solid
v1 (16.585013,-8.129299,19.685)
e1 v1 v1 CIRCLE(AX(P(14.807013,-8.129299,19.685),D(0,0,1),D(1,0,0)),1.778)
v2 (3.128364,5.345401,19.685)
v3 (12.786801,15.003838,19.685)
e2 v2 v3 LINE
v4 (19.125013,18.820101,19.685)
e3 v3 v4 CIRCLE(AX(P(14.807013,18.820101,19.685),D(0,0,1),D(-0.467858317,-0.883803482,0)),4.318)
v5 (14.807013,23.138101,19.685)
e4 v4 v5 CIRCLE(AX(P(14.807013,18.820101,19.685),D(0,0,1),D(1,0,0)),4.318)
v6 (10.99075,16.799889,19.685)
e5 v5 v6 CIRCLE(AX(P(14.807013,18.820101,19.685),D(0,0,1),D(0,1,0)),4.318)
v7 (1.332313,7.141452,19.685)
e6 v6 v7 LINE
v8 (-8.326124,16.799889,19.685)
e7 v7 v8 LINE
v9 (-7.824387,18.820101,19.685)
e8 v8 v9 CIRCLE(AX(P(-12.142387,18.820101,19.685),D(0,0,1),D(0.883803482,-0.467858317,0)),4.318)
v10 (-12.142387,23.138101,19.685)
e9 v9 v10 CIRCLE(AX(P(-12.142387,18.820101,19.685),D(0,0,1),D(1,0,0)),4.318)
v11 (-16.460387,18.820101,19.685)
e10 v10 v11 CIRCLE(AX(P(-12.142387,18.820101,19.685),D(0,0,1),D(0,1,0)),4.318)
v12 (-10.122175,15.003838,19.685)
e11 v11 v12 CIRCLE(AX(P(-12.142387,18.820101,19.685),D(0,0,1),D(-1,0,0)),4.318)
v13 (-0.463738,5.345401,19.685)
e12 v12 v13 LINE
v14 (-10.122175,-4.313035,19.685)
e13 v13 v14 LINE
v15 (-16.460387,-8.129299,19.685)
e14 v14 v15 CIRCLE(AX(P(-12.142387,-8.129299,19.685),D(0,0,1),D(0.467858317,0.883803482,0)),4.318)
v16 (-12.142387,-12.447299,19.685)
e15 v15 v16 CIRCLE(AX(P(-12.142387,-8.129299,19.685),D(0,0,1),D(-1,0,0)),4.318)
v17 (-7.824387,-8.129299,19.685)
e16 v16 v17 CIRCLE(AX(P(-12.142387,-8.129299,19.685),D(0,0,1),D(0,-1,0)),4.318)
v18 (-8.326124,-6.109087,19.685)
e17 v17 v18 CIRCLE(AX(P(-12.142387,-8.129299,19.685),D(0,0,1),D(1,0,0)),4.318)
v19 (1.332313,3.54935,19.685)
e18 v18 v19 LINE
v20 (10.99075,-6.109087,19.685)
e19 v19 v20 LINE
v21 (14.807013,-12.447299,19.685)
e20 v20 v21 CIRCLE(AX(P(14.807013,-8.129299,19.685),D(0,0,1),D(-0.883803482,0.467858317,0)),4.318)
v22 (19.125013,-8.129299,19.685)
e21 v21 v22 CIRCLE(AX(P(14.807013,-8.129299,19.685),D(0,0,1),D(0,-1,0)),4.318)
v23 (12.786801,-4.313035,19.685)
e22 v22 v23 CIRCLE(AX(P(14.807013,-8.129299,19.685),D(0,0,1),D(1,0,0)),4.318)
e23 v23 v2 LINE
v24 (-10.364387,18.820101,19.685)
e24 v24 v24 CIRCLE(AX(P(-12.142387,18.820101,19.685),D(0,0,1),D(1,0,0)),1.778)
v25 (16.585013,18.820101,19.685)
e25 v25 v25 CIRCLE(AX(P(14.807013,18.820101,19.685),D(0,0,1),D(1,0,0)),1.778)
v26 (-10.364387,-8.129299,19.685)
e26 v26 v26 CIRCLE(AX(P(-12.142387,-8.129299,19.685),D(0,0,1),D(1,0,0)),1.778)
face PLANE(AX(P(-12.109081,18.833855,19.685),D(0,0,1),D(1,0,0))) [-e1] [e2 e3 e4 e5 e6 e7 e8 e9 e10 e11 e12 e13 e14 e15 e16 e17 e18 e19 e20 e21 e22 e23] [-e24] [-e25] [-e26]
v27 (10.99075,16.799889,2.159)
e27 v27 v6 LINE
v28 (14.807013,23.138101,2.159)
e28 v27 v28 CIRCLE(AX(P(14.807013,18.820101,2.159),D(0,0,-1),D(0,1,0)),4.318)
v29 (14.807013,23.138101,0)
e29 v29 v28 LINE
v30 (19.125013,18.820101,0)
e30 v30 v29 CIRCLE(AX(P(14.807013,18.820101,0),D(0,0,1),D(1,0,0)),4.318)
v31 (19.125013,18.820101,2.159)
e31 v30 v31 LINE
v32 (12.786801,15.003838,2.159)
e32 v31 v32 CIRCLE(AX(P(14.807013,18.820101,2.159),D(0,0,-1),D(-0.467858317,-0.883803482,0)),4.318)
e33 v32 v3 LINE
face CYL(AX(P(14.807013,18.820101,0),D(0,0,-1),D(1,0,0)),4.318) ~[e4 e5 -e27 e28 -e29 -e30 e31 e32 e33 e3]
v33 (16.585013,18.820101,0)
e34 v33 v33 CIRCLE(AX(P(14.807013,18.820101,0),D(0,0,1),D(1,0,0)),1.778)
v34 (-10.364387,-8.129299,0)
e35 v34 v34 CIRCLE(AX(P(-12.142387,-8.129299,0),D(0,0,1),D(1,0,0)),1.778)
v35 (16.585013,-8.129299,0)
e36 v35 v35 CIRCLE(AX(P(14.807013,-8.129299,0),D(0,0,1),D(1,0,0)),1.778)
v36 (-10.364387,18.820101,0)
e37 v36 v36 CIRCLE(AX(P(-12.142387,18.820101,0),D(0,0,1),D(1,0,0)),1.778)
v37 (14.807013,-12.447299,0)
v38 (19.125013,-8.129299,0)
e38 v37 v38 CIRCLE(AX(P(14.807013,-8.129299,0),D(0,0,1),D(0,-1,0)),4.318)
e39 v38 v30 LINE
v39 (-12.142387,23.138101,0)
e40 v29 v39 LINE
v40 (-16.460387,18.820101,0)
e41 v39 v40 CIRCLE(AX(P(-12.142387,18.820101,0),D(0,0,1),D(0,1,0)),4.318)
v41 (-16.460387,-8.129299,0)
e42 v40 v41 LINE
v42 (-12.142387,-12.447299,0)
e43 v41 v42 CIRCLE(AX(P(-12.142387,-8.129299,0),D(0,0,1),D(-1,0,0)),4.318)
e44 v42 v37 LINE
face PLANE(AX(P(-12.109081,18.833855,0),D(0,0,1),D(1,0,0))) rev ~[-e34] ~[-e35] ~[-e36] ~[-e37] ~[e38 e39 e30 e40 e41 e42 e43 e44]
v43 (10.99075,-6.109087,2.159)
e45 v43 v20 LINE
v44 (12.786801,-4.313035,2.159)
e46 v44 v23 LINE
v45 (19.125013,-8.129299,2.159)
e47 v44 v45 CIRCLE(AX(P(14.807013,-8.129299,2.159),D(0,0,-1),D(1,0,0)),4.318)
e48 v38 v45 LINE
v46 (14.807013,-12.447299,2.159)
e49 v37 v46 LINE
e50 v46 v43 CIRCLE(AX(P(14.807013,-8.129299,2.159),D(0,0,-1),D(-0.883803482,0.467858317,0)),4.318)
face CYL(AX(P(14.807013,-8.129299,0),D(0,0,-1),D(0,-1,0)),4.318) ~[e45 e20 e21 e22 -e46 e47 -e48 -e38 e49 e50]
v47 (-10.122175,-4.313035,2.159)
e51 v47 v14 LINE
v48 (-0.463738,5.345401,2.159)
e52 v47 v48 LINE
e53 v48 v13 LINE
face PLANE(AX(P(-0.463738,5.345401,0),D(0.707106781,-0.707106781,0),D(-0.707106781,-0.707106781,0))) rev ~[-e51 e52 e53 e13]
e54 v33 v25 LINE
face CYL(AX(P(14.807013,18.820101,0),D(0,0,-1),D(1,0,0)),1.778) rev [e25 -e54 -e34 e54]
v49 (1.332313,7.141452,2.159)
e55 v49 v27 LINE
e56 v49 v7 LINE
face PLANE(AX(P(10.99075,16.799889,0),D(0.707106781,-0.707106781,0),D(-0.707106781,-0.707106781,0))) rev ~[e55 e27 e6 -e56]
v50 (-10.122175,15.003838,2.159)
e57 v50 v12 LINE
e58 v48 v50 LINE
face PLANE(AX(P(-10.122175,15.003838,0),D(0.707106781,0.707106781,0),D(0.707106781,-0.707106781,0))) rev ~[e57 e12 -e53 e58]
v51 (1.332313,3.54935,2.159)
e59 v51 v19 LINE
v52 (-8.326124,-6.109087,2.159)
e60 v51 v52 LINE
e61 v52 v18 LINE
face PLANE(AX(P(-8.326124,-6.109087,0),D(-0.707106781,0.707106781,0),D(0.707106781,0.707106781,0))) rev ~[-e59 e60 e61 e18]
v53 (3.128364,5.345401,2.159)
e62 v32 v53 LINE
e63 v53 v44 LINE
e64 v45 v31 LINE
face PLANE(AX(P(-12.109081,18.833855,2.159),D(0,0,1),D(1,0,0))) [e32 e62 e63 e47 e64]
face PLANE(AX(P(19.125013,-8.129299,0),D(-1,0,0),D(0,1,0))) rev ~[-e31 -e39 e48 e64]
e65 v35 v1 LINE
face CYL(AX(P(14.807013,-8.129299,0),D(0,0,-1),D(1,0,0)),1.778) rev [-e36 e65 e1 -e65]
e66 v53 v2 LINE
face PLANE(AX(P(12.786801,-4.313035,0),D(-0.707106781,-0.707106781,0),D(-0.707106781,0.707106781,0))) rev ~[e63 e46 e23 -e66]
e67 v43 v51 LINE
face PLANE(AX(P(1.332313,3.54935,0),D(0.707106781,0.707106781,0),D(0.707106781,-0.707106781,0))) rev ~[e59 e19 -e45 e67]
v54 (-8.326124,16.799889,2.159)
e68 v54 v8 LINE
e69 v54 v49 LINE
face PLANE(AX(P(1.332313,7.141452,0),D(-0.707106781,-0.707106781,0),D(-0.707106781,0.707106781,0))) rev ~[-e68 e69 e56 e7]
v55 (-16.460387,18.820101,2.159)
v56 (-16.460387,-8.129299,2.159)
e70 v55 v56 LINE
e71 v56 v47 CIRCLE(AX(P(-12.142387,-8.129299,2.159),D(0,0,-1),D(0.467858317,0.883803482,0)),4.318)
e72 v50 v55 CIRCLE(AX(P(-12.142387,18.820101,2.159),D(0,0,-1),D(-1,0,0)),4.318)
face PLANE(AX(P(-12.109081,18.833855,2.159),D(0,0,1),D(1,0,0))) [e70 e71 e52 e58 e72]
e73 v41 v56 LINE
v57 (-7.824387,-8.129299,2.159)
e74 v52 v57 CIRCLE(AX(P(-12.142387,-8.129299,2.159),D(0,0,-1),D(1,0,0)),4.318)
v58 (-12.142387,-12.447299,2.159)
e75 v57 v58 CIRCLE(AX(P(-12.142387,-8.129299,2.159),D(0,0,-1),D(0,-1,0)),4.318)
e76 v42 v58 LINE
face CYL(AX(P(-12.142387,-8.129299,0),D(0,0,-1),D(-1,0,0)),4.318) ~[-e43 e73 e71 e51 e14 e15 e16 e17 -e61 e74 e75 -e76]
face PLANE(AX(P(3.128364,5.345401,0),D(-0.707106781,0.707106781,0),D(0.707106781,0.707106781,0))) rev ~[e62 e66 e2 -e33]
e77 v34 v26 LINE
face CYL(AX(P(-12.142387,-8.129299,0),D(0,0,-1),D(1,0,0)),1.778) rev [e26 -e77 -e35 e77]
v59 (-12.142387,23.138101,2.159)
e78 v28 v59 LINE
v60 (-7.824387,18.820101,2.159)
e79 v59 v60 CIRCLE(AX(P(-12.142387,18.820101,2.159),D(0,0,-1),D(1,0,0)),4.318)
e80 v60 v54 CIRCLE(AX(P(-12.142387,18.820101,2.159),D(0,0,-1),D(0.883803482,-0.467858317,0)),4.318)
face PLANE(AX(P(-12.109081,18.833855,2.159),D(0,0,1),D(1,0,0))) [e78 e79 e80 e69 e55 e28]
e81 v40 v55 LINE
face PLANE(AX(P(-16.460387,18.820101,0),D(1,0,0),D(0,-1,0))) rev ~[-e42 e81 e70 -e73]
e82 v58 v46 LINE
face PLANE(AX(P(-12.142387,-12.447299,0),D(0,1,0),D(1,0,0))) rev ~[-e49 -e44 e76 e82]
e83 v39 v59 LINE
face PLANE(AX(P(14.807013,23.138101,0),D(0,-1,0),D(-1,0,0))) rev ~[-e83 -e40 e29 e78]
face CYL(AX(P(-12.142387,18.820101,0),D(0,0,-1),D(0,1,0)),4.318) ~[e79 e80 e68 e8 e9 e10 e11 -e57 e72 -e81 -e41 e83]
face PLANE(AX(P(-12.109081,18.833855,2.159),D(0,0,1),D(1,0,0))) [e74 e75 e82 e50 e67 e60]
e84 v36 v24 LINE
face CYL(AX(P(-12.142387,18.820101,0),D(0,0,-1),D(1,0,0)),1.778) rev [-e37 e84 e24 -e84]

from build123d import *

# Parameters (mm, degrees)
F0_R     = 1.778
F1_DEPTH = 2.159
F2_DEPTH = 19.685


with BuildPart() as f1:
    # F0 (on Top) → F1 (new body)
    with BuildSketch(Plane.XY):
        with BuildLine():
            ThreePointArc((-7.8243870362, 18.8201011431), (-9.089099955, 21.8733882242), (-12.1423870362, 23.1381011431))
            ThreePointArc((-12.1423870362, 23.1381011431), (-15.1956741174, 21.8733882242), (-16.4603870362, 18.8201011431))
            ThreePointArc((-16.4603870362, 18.8201011431), (-14.3697001784, 15.1208849874), (-10.1221748239, 15.0038377065))
            ThreePointArc((-10.1221748239, 15.0038377065), (-9.089099955, 15.7668140619), (-8.3261235997, 16.7998889307))
            ThreePointArc((-8.3261235997, 16.7998889307), (-7.9516979807, 17.779308541), (-7.8243870362, 18.8201011431))
        make_face()
        with Locations((-12.1423870362, 18.8201011431)):
            Circle(F0_R, mode=Mode.SUBTRACT)
        with BuildLine():
            ThreePointArc((19.1250129638, 18.8201011431), (17.860300045, 21.8733882242), (14.8070129638, 23.1381011431))
            ThreePointArc((14.8070129638, 23.1381011431), (11.1077968081, 21.0474142853), (10.9907495272, 16.7998889307))
            ThreePointArc((10.9907495272, 16.7998889307), (11.7537258826, 15.7668140619), (12.7868007515, 15.0038377065))
            ThreePointArc((12.7868007515, 15.0038377065), (17.034326106, 15.1208849874), (19.1250129638, 18.8201011431))
        make_face()
        with Locations((14.8070129638, 18.8201011431)):
            Circle(F0_R, mode=Mode.SUBTRACT)
        with BuildLine():
            ThreePointArc((14.8070129638, -12.4472988569), (17.860300045, -11.1825859381), (19.1250129638, -8.1292988569))
            ThreePointArc((19.1250129638, -8.1292988569), (17.034326106, -4.4300827013), (12.7868007515, -4.3130354204))
            ThreePointArc((12.7868007515, -4.3130354204), (11.7537258826, -5.0760117758), (10.9907495272, -6.1090866446))
            ThreePointArc((10.9907495272, -6.1090866446), (11.1077968081, -10.3566119992), (14.8070129638, -12.4472988569))
        make_face()
        with Locations((14.8070129638, -8.1292988569)):
            Circle(F0_R, mode=Mode.SUBTRACT)
        with BuildLine():
            ThreePointArc((-10.1221748239, -4.3130354204), (-14.3697001784, -4.4300827013), (-16.4603870362, -8.1292988569))
            ThreePointArc((-16.4603870362, -8.1292988569), (-15.1956741174, -11.1825859381), (-12.1423870362, -12.4472988569))
            ThreePointArc((-12.1423870362, -12.4472988569), (-9.089099955, -11.1825859381), (-7.8243870362, -8.1292988569))
            ThreePointArc((-7.8243870362, -8.1292988569), (-7.9516979807, -7.0885062549), (-8.3261235997, -6.1090866446))
            ThreePointArc((-8.3261235997, -6.1090866446), (-9.089099955, -5.0760117758), (-10.1221748239, -4.3130354204))
        make_face()
        with Locations((-12.1423870362, -8.1292988569)):
            Circle(F0_R, mode=Mode.SUBTRACT)
        with BuildLine():
            Line((14.8070129638, 23.1381011431), (-12.1423870362, 23.1381011431))
            ThreePointArc((-12.1423870362, 23.1381011431), (-9.089099955, 21.8733882242), (-7.8243870362, 18.8201011431))
            ThreePointArc((-7.8243870362, 18.8201011431), (-7.9516979807, 17.779308541), (-8.3261235997, 16.7998889307))
            Line((-8.3261235997, 16.7998889307), (1.3323129638, 7.1414523673))
            Line((1.3323129638, 7.1414523673), (10.9907495272, 16.7998889307))
            ThreePointArc((10.9907495272, 16.7998889307), (11.1077968081, 21.0474142853), (14.8070129638, 23.1381011431))
        make_face()
        with BuildLine():
            ThreePointArc((-10.1221748239, 15.0038377065), (-14.3697001784, 15.1208849874), (-16.4603870362, 18.8201011431))
            Line((-16.4603870362, 18.8201011431), (-16.4603870362, -8.1292988569))
            ThreePointArc((-16.4603870362, -8.1292988569), (-14.3697001784, -4.4300827013), (-10.1221748239, -4.3130354204))
            Line((-10.1221748239, -4.3130354204), (-0.4637382604, 5.3454011431))
            Line((-0.4637382604, 5.3454011431), (-10.1221748239, 15.0038377065))
        make_face()
        with BuildLine():
            ThreePointArc((-7.8243870362, -8.1292988569), (-9.089099955, -11.1825859381), (-12.1423870362, -12.4472988569))
            Line((-12.1423870362, -12.4472988569), (14.8070129638, -12.4472988569))
            ThreePointArc((14.8070129638, -12.4472988569), (11.1077968081, -10.3566119992), (10.9907495272, -6.1090866446))
            Line((10.9907495272, -6.1090866446), (1.3323129638, 3.5493499188))
            Line((1.3323129638, 3.5493499188), (-8.3261235997, -6.1090866446))
            ThreePointArc((-8.3261235997, -6.1090866446), (-7.9516979807, -7.0885062549), (-7.8243870362, -8.1292988569))
        make_face()
        with BuildLine():
            Line((19.1250129638, -8.1292988569), (19.1250129638, 18.8201011431))
            ThreePointArc((19.1250129638, 18.8201011431), (17.034326106, 15.1208849874), (12.7868007515, 15.0038377065))
            Line((12.7868007515, 15.0038377065), (3.128364188, 5.3454011431))
            Line((3.128364188, 5.3454011431), (12.7868007515, -4.3130354204))
            ThreePointArc((12.7868007515, -4.3130354204), (17.034326106, -4.4300827013), (19.1250129638, -8.1292988569))
        make_face()
        with BuildLine():
            Line((3.128364188, 5.3454011431), (1.3323129638, 3.5493499188))
            Line((1.3323129638, 3.5493499188), (10.9907495272, -6.1090866446))
            ThreePointArc((10.9907495272, -6.1090866446), (11.7537258826, -5.0760117758), (12.7868007515, -4.3130354204))
            Line((12.7868007515, -4.3130354204), (3.128364188, 5.3454011431))
        make_face()
        with BuildLine():
            ThreePointArc((-8.3261235997, 16.7998889307), (-9.089099955, 15.7668140619), (-10.1221748239, 15.0038377065))
            Line((-10.1221748239, 15.0038377065), (-0.4637382604, 5.3454011431))
            Line((-0.4637382604, 5.3454011431), (1.3323129638, 7.1414523673))
            Line((1.3323129638, 7.1414523673), (-8.3261235997, 16.7998889307))
        make_face()
        with BuildLine():
            ThreePointArc((12.7868007515, 15.0038377065), (11.7537258826, 15.7668140619), (10.9907495272, 16.7998889307))
            Line((10.9907495272, 16.7998889307), (1.3323129638, 7.1414523673))
            Line((1.3323129638, 7.1414523673), (3.128364188, 5.3454011431))
            Line((3.128364188, 5.3454011431), (12.7868007515, 15.0038377065))
        make_face()
        with BuildLine():
            Line((-0.4637382604, 5.3454011431), (-10.1221748239, -4.3130354204))
            ThreePointArc((-10.1221748239, -4.3130354204), (-9.089099955, -5.0760117758), (-8.3261235997, -6.1090866446))
            Line((-8.3261235997, -6.1090866446), (1.3323129638, 3.5493499188))
            Line((1.3323129638, 3.5493499188), (-0.4637382604, 5.3454011431))
        make_face()
        Polygon((1.3323129638, 7.1414523673), (-0.4637382604, 5.3454011431), (1.3323129638, 3.5493499188), (3.128364188, 5.3454011431), align=None)
    extrude(amount=F1_DEPTH)

    # F0 (on Top) → F2 (join)
    with BuildSketch(Plane.XY):
        with BuildLine():
            ThreePointArc((-7.8243870362, 18.8201011431), (-9.089099955, 21.8733882242), (-12.1423870362, 23.1381011431))
            ThreePointArc((-12.1423870362, 23.1381011431), (-15.1956741174, 21.8733882242), (-16.4603870362, 18.8201011431))
            ThreePointArc((-16.4603870362, 18.8201011431), (-14.3697001784, 15.1208849874), (-10.1221748239, 15.0038377065))
            ThreePointArc((-10.1221748239, 15.0038377065), (-9.089099955, 15.7668140619), (-8.3261235997, 16.7998889307))
            ThreePointArc((-8.3261235997, 16.7998889307), (-7.9516979807, 17.779308541), (-7.8243870362, 18.8201011431))
        make_face()
        with Locations((-12.1423870362, 18.8201011431)):
            Circle(F0_R, mode=Mode.SUBTRACT)
        with BuildLine():
            ThreePointArc((19.1250129638, 18.8201011431), (17.860300045, 21.8733882242), (14.8070129638, 23.1381011431))
            ThreePointArc((14.8070129638, 23.1381011431), (11.1077968081, 21.0474142853), (10.9907495272, 16.7998889307))
            ThreePointArc((10.9907495272, 16.7998889307), (11.7537258826, 15.7668140619), (12.7868007515, 15.0038377065))
            ThreePointArc((12.7868007515, 15.0038377065), (17.034326106, 15.1208849874), (19.1250129638, 18.8201011431))
        make_face()
        with Locations((14.8070129638, 18.8201011431)):
            Circle(F0_R, mode=Mode.SUBTRACT)
        with BuildLine():
            ThreePointArc((14.8070129638, -12.4472988569), (17.860300045, -11.1825859381), (19.1250129638, -8.1292988569))
            ThreePointArc((19.1250129638, -8.1292988569), (17.034326106, -4.4300827013), (12.7868007515, -4.3130354204))
            ThreePointArc((12.7868007515, -4.3130354204), (11.7537258826, -5.0760117758), (10.9907495272, -6.1090866446))
            ThreePointArc((10.9907495272, -6.1090866446), (11.1077968081, -10.3566119992), (14.8070129638, -12.4472988569))
        make_face()
        with Locations((14.8070129638, -8.1292988569)):
            Circle(F0_R, mode=Mode.SUBTRACT)
        with BuildLine():
            ThreePointArc((-10.1221748239, -4.3130354204), (-14.3697001784, -4.4300827013), (-16.4603870362, -8.1292988569))
            ThreePointArc((-16.4603870362, -8.1292988569), (-15.1956741174, -11.1825859381), (-12.1423870362, -12.4472988569))
            ThreePointArc((-12.1423870362, -12.4472988569), (-9.089099955, -11.1825859381), (-7.8243870362, -8.1292988569))
            ThreePointArc((-7.8243870362, -8.1292988569), (-7.9516979807, -7.0885062549), (-8.3261235997, -6.1090866446))
            ThreePointArc((-8.3261235997, -6.1090866446), (-9.089099955, -5.0760117758), (-10.1221748239, -4.3130354204))
        make_face()
        with Locations((-12.1423870362, -8.1292988569)):
            Circle(F0_R, mode=Mode.SUBTRACT)
        with BuildLine():
            Line((3.128364188, 5.3454011431), (1.3323129638, 3.5493499188))
            Line((1.3323129638, 3.5493499188), (10.9907495272, -6.1090866446))
            ThreePointArc((10.9907495272, -6.1090866446), (11.7537258826, -5.0760117758), (12.7868007515, -4.3130354204))
            Line((12.7868007515, -4.3130354204), (3.128364188, 5.3454011431))
        make_face()
        with BuildLine():
            Line((-0.4637382604, 5.3454011431), (-10.1221748239, -4.3130354204))
            ThreePointArc((-10.1221748239, -4.3130354204), (-9.089099955, -5.0760117758), (-8.3261235997, -6.1090866446))
            Line((-8.3261235997, -6.1090866446), (1.3323129638, 3.5493499188))
            Line((1.3323129638, 3.5493499188), (-0.4637382604, 5.3454011431))
        make_face()
        with BuildLine():
            ThreePointArc((-8.3261235997, 16.7998889307), (-9.089099955, 15.7668140619), (-10.1221748239, 15.0038377065))
            Line((-10.1221748239, 15.0038377065), (-0.4637382604, 5.3454011431))
            Line((-0.4637382604, 5.3454011431), (1.3323129638, 7.1414523673))
            Line((1.3323129638, 7.1414523673), (-8.3261235997, 16.7998889307))
        make_face()
        Polygon((1.3323129638, 7.1414523673), (-0.4637382604, 5.3454011431), (1.3323129638, 3.5493499188), (3.128364188, 5.3454011431), align=None)
        with BuildLine():
            ThreePointArc((12.7868007515, 15.0038377065), (11.7537258826, 15.7668140619), (10.9907495272, 16.7998889307))
            Line((10.9907495272, 16.7998889307), (1.3323129638, 7.1414523673))
            Line((1.3323129638, 7.1414523673), (3.128364188, 5.3454011431))
            Line((3.128364188, 5.3454011431), (12.7868007515, 15.0038377065))
        make_face()
    extrude(amount=F2_DEPTH)


solid = f1.part
